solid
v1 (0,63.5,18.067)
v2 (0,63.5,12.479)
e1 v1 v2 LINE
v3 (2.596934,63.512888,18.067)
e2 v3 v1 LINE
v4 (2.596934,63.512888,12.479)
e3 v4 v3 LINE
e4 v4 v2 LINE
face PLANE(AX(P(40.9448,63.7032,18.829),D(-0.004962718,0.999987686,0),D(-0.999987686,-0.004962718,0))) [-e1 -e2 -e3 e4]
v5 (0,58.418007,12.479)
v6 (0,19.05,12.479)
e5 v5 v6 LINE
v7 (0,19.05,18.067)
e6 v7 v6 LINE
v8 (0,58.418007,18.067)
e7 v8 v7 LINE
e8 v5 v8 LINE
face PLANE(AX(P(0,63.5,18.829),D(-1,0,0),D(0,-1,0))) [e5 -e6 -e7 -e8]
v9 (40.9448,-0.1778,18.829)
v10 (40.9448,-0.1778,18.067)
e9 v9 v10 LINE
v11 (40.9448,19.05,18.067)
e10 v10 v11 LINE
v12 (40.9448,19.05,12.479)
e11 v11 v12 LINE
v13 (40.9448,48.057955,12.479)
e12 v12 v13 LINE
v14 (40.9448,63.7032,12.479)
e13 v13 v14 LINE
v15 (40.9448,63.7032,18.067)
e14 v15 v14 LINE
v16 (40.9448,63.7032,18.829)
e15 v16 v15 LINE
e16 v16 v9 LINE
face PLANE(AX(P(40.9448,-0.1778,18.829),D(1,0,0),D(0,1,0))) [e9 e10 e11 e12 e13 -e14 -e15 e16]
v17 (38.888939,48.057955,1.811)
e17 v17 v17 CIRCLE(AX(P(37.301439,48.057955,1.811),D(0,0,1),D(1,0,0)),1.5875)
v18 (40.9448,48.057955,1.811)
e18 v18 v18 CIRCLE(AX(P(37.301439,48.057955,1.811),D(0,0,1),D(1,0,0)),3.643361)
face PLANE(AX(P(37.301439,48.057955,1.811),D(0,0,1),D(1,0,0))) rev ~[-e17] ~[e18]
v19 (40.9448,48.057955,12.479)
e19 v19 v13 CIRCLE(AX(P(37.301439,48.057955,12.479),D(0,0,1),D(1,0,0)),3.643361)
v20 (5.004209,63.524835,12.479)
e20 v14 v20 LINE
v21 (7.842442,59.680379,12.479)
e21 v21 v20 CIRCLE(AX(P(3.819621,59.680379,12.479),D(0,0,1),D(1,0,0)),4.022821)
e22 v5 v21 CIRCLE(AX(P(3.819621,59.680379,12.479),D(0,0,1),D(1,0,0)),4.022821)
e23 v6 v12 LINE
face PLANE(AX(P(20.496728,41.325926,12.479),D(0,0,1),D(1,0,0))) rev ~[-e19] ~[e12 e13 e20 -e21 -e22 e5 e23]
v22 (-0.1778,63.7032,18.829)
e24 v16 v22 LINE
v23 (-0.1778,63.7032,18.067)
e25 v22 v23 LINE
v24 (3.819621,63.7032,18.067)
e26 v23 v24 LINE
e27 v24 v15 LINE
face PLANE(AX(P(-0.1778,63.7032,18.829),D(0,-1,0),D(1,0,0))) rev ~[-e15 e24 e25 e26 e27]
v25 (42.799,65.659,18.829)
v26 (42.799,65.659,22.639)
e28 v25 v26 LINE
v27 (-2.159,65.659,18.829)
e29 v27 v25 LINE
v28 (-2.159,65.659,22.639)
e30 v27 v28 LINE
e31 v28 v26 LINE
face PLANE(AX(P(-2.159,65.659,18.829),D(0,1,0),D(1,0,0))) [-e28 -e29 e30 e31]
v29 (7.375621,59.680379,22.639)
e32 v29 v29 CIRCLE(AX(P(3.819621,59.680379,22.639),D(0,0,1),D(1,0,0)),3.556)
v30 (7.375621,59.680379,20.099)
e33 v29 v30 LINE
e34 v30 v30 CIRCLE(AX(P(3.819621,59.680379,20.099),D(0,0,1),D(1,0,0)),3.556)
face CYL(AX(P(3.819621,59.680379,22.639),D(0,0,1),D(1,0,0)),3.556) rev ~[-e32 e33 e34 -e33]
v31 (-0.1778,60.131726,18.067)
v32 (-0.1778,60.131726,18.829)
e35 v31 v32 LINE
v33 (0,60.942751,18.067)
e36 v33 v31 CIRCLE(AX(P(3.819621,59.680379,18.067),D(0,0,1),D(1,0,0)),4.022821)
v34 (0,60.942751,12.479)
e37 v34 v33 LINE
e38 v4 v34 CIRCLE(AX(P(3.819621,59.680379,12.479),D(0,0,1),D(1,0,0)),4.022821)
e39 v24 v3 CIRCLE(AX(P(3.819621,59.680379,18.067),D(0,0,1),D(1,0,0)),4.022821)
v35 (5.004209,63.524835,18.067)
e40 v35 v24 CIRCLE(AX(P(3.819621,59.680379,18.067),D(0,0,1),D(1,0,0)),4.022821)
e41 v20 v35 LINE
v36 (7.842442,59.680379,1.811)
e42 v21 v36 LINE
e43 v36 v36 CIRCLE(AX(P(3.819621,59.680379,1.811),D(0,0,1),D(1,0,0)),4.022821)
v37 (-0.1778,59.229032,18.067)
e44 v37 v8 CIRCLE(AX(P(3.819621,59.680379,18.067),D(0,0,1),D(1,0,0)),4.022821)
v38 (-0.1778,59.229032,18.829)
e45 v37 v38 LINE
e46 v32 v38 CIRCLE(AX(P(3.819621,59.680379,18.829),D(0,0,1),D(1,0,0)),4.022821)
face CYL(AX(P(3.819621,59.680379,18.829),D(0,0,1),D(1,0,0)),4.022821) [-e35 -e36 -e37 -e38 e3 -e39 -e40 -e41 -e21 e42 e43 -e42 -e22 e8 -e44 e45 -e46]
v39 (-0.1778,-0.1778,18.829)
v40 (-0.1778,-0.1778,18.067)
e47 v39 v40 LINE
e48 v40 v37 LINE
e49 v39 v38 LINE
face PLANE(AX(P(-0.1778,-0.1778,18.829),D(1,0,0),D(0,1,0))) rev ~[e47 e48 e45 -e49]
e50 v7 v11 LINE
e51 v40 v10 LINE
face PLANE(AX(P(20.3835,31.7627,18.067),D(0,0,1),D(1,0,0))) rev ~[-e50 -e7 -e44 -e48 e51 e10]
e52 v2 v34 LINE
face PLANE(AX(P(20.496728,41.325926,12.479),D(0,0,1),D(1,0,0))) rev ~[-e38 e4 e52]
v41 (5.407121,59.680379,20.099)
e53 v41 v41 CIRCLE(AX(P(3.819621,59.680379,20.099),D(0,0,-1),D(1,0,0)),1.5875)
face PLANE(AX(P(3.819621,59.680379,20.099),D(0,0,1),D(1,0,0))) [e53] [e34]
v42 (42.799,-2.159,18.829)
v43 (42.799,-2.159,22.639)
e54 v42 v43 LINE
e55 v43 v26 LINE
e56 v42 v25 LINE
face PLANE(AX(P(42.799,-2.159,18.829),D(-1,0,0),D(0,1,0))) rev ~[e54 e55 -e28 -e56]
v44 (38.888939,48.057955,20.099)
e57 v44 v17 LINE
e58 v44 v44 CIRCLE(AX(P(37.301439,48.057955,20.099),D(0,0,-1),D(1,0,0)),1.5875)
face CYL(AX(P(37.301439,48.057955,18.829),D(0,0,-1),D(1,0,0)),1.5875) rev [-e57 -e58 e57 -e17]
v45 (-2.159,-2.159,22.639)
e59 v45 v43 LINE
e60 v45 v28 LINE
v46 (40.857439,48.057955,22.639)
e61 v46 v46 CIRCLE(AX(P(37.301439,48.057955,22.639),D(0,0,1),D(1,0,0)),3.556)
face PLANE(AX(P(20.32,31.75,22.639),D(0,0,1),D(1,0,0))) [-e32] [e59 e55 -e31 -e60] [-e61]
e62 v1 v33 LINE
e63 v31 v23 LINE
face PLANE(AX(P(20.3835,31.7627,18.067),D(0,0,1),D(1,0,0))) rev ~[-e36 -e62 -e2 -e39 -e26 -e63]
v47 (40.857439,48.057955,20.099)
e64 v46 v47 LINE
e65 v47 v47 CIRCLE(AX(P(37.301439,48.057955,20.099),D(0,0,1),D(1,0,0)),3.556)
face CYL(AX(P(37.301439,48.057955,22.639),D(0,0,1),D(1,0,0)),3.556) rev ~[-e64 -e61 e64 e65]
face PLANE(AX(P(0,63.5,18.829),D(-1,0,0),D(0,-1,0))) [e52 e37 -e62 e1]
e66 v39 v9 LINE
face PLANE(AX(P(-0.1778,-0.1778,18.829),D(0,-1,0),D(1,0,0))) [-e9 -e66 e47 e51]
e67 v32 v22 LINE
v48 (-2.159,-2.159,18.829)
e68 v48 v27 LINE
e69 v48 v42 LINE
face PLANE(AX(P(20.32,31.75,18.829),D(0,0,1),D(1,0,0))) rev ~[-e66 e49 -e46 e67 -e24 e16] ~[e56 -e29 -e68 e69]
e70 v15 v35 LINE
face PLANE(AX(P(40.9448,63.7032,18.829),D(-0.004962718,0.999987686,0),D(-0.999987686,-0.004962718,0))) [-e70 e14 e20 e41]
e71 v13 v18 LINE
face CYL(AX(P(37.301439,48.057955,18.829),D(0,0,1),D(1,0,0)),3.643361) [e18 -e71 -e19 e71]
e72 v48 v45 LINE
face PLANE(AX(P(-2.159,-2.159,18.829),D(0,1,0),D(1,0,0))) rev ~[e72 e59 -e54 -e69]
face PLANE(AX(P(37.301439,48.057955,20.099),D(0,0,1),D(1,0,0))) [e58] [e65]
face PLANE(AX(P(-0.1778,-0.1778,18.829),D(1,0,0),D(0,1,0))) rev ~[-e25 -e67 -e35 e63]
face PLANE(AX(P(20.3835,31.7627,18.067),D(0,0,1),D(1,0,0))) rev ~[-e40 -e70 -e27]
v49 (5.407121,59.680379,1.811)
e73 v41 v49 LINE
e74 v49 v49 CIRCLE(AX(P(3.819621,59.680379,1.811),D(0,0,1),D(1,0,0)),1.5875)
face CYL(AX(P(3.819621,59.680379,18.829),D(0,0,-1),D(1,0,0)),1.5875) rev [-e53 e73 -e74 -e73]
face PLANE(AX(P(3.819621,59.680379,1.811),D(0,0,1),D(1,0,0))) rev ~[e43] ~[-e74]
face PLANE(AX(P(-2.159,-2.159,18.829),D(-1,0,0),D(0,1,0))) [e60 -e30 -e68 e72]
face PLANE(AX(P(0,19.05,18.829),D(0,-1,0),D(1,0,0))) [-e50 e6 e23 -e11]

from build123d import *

# Parameters (mm, degrees)
SKETCH006_W          = 44.958
SKETCH006_H          = 67.818
PAD003_DEPTH         = 3.81
SKETCH007_W          = 41.1226
SKETCH007_H          = 63.881
PAD004_DEPTH         = 0.762
SKETCH008_R          = 4.022821
SKETCH008_R_2        = 1.5875
SKETCH008_R_3        = 3.643361
PAD005_DEPTH         = 17.018
PAD006_DEPTH         = 6.35
SKETCH010_R          = 1.5875
POCKET003_DEPTH      = 17.019
POCKET003_DEPTH_BACK = 3.811
SKETCH011_R          = 3.556
POCKET004_DEPTH      = 2.54


with BuildPart() as part:
    # Sketch006 (on DatumPlane) → Pad003 (new body)
    with BuildSketch(Plane.XY.offset(18.829)):
        with Locations((20.32, 31.75)):
            Rectangle(SKETCH006_W, SKETCH006_H)
    extrude(amount=PAD003_DEPTH)

    # Sketch007 (on DatumPlane) → Pad004 (join)
    with BuildSketch(Plane.XY.offset(18.829)):
        with Locations((20.3835, 31.7627)):
            Rectangle(SKETCH007_W, SKETCH007_H)
    extrude(amount=-PAD004_DEPTH)

    # Sketch008 (on DatumPlane) → Pad005 (join)
    with BuildSketch(Plane.XY.offset(18.829)):
        with Locations((3.819621, 59.680379)):
            Circle(SKETCH008_R)
        with Locations((3.819621, 59.680379)):
            Circle(SKETCH008_R_2, mode=Mode.SUBTRACT)
        with Locations((37.301439, 48.057955)):
            Circle(SKETCH008_R_3)
        with Locations((37.301439, 48.057955)):
            Circle(SKETCH008_R_2, mode=Mode.SUBTRACT)
    extrude(amount=-PAD005_DEPTH)

    # Sketch009 (on DatumPlane) → Pad006 (join)
    with BuildSketch(Plane.XY.offset(18.829)):
        Polygon((0, 63.5), (0, 19.05), (40.9448, 19.05), (40.9448, 63.7032), align=None)
    extrude(amount=-PAD006_DEPTH)

    # Sketch010 (on DatumPlane) → Pocket003 (cut, two sides)
    with BuildSketch(Plane.XY.offset(18.829)) as pocket003_sk:
        with Locations((3.819621, 59.680379)):
            Circle(SKETCH010_R)
        with Locations((37.301439, 48.057955)):
            Circle(SKETCH010_R)
    extrude(amount=-POCKET003_DEPTH, mode=Mode.SUBTRACT)
    extrude(pocket003_sk.sketch, amount=POCKET003_DEPTH_BACK, mode=Mode.SUBTRACT)

    # Sketch011 (on Face5 of Pocket003) → Pocket004 (cut)
    with BuildSketch(Plane.XY.offset(22.639)):
        with Locations((3.819621, 59.680379)):
            Circle(SKETCH011_R)
        with Locations((37.301439, 48.057955)):
            Circle(SKETCH011_R)
    extrude(amount=-POCKET004_DEPTH, mode=Mode.SUBTRACT)


solid = part.part
